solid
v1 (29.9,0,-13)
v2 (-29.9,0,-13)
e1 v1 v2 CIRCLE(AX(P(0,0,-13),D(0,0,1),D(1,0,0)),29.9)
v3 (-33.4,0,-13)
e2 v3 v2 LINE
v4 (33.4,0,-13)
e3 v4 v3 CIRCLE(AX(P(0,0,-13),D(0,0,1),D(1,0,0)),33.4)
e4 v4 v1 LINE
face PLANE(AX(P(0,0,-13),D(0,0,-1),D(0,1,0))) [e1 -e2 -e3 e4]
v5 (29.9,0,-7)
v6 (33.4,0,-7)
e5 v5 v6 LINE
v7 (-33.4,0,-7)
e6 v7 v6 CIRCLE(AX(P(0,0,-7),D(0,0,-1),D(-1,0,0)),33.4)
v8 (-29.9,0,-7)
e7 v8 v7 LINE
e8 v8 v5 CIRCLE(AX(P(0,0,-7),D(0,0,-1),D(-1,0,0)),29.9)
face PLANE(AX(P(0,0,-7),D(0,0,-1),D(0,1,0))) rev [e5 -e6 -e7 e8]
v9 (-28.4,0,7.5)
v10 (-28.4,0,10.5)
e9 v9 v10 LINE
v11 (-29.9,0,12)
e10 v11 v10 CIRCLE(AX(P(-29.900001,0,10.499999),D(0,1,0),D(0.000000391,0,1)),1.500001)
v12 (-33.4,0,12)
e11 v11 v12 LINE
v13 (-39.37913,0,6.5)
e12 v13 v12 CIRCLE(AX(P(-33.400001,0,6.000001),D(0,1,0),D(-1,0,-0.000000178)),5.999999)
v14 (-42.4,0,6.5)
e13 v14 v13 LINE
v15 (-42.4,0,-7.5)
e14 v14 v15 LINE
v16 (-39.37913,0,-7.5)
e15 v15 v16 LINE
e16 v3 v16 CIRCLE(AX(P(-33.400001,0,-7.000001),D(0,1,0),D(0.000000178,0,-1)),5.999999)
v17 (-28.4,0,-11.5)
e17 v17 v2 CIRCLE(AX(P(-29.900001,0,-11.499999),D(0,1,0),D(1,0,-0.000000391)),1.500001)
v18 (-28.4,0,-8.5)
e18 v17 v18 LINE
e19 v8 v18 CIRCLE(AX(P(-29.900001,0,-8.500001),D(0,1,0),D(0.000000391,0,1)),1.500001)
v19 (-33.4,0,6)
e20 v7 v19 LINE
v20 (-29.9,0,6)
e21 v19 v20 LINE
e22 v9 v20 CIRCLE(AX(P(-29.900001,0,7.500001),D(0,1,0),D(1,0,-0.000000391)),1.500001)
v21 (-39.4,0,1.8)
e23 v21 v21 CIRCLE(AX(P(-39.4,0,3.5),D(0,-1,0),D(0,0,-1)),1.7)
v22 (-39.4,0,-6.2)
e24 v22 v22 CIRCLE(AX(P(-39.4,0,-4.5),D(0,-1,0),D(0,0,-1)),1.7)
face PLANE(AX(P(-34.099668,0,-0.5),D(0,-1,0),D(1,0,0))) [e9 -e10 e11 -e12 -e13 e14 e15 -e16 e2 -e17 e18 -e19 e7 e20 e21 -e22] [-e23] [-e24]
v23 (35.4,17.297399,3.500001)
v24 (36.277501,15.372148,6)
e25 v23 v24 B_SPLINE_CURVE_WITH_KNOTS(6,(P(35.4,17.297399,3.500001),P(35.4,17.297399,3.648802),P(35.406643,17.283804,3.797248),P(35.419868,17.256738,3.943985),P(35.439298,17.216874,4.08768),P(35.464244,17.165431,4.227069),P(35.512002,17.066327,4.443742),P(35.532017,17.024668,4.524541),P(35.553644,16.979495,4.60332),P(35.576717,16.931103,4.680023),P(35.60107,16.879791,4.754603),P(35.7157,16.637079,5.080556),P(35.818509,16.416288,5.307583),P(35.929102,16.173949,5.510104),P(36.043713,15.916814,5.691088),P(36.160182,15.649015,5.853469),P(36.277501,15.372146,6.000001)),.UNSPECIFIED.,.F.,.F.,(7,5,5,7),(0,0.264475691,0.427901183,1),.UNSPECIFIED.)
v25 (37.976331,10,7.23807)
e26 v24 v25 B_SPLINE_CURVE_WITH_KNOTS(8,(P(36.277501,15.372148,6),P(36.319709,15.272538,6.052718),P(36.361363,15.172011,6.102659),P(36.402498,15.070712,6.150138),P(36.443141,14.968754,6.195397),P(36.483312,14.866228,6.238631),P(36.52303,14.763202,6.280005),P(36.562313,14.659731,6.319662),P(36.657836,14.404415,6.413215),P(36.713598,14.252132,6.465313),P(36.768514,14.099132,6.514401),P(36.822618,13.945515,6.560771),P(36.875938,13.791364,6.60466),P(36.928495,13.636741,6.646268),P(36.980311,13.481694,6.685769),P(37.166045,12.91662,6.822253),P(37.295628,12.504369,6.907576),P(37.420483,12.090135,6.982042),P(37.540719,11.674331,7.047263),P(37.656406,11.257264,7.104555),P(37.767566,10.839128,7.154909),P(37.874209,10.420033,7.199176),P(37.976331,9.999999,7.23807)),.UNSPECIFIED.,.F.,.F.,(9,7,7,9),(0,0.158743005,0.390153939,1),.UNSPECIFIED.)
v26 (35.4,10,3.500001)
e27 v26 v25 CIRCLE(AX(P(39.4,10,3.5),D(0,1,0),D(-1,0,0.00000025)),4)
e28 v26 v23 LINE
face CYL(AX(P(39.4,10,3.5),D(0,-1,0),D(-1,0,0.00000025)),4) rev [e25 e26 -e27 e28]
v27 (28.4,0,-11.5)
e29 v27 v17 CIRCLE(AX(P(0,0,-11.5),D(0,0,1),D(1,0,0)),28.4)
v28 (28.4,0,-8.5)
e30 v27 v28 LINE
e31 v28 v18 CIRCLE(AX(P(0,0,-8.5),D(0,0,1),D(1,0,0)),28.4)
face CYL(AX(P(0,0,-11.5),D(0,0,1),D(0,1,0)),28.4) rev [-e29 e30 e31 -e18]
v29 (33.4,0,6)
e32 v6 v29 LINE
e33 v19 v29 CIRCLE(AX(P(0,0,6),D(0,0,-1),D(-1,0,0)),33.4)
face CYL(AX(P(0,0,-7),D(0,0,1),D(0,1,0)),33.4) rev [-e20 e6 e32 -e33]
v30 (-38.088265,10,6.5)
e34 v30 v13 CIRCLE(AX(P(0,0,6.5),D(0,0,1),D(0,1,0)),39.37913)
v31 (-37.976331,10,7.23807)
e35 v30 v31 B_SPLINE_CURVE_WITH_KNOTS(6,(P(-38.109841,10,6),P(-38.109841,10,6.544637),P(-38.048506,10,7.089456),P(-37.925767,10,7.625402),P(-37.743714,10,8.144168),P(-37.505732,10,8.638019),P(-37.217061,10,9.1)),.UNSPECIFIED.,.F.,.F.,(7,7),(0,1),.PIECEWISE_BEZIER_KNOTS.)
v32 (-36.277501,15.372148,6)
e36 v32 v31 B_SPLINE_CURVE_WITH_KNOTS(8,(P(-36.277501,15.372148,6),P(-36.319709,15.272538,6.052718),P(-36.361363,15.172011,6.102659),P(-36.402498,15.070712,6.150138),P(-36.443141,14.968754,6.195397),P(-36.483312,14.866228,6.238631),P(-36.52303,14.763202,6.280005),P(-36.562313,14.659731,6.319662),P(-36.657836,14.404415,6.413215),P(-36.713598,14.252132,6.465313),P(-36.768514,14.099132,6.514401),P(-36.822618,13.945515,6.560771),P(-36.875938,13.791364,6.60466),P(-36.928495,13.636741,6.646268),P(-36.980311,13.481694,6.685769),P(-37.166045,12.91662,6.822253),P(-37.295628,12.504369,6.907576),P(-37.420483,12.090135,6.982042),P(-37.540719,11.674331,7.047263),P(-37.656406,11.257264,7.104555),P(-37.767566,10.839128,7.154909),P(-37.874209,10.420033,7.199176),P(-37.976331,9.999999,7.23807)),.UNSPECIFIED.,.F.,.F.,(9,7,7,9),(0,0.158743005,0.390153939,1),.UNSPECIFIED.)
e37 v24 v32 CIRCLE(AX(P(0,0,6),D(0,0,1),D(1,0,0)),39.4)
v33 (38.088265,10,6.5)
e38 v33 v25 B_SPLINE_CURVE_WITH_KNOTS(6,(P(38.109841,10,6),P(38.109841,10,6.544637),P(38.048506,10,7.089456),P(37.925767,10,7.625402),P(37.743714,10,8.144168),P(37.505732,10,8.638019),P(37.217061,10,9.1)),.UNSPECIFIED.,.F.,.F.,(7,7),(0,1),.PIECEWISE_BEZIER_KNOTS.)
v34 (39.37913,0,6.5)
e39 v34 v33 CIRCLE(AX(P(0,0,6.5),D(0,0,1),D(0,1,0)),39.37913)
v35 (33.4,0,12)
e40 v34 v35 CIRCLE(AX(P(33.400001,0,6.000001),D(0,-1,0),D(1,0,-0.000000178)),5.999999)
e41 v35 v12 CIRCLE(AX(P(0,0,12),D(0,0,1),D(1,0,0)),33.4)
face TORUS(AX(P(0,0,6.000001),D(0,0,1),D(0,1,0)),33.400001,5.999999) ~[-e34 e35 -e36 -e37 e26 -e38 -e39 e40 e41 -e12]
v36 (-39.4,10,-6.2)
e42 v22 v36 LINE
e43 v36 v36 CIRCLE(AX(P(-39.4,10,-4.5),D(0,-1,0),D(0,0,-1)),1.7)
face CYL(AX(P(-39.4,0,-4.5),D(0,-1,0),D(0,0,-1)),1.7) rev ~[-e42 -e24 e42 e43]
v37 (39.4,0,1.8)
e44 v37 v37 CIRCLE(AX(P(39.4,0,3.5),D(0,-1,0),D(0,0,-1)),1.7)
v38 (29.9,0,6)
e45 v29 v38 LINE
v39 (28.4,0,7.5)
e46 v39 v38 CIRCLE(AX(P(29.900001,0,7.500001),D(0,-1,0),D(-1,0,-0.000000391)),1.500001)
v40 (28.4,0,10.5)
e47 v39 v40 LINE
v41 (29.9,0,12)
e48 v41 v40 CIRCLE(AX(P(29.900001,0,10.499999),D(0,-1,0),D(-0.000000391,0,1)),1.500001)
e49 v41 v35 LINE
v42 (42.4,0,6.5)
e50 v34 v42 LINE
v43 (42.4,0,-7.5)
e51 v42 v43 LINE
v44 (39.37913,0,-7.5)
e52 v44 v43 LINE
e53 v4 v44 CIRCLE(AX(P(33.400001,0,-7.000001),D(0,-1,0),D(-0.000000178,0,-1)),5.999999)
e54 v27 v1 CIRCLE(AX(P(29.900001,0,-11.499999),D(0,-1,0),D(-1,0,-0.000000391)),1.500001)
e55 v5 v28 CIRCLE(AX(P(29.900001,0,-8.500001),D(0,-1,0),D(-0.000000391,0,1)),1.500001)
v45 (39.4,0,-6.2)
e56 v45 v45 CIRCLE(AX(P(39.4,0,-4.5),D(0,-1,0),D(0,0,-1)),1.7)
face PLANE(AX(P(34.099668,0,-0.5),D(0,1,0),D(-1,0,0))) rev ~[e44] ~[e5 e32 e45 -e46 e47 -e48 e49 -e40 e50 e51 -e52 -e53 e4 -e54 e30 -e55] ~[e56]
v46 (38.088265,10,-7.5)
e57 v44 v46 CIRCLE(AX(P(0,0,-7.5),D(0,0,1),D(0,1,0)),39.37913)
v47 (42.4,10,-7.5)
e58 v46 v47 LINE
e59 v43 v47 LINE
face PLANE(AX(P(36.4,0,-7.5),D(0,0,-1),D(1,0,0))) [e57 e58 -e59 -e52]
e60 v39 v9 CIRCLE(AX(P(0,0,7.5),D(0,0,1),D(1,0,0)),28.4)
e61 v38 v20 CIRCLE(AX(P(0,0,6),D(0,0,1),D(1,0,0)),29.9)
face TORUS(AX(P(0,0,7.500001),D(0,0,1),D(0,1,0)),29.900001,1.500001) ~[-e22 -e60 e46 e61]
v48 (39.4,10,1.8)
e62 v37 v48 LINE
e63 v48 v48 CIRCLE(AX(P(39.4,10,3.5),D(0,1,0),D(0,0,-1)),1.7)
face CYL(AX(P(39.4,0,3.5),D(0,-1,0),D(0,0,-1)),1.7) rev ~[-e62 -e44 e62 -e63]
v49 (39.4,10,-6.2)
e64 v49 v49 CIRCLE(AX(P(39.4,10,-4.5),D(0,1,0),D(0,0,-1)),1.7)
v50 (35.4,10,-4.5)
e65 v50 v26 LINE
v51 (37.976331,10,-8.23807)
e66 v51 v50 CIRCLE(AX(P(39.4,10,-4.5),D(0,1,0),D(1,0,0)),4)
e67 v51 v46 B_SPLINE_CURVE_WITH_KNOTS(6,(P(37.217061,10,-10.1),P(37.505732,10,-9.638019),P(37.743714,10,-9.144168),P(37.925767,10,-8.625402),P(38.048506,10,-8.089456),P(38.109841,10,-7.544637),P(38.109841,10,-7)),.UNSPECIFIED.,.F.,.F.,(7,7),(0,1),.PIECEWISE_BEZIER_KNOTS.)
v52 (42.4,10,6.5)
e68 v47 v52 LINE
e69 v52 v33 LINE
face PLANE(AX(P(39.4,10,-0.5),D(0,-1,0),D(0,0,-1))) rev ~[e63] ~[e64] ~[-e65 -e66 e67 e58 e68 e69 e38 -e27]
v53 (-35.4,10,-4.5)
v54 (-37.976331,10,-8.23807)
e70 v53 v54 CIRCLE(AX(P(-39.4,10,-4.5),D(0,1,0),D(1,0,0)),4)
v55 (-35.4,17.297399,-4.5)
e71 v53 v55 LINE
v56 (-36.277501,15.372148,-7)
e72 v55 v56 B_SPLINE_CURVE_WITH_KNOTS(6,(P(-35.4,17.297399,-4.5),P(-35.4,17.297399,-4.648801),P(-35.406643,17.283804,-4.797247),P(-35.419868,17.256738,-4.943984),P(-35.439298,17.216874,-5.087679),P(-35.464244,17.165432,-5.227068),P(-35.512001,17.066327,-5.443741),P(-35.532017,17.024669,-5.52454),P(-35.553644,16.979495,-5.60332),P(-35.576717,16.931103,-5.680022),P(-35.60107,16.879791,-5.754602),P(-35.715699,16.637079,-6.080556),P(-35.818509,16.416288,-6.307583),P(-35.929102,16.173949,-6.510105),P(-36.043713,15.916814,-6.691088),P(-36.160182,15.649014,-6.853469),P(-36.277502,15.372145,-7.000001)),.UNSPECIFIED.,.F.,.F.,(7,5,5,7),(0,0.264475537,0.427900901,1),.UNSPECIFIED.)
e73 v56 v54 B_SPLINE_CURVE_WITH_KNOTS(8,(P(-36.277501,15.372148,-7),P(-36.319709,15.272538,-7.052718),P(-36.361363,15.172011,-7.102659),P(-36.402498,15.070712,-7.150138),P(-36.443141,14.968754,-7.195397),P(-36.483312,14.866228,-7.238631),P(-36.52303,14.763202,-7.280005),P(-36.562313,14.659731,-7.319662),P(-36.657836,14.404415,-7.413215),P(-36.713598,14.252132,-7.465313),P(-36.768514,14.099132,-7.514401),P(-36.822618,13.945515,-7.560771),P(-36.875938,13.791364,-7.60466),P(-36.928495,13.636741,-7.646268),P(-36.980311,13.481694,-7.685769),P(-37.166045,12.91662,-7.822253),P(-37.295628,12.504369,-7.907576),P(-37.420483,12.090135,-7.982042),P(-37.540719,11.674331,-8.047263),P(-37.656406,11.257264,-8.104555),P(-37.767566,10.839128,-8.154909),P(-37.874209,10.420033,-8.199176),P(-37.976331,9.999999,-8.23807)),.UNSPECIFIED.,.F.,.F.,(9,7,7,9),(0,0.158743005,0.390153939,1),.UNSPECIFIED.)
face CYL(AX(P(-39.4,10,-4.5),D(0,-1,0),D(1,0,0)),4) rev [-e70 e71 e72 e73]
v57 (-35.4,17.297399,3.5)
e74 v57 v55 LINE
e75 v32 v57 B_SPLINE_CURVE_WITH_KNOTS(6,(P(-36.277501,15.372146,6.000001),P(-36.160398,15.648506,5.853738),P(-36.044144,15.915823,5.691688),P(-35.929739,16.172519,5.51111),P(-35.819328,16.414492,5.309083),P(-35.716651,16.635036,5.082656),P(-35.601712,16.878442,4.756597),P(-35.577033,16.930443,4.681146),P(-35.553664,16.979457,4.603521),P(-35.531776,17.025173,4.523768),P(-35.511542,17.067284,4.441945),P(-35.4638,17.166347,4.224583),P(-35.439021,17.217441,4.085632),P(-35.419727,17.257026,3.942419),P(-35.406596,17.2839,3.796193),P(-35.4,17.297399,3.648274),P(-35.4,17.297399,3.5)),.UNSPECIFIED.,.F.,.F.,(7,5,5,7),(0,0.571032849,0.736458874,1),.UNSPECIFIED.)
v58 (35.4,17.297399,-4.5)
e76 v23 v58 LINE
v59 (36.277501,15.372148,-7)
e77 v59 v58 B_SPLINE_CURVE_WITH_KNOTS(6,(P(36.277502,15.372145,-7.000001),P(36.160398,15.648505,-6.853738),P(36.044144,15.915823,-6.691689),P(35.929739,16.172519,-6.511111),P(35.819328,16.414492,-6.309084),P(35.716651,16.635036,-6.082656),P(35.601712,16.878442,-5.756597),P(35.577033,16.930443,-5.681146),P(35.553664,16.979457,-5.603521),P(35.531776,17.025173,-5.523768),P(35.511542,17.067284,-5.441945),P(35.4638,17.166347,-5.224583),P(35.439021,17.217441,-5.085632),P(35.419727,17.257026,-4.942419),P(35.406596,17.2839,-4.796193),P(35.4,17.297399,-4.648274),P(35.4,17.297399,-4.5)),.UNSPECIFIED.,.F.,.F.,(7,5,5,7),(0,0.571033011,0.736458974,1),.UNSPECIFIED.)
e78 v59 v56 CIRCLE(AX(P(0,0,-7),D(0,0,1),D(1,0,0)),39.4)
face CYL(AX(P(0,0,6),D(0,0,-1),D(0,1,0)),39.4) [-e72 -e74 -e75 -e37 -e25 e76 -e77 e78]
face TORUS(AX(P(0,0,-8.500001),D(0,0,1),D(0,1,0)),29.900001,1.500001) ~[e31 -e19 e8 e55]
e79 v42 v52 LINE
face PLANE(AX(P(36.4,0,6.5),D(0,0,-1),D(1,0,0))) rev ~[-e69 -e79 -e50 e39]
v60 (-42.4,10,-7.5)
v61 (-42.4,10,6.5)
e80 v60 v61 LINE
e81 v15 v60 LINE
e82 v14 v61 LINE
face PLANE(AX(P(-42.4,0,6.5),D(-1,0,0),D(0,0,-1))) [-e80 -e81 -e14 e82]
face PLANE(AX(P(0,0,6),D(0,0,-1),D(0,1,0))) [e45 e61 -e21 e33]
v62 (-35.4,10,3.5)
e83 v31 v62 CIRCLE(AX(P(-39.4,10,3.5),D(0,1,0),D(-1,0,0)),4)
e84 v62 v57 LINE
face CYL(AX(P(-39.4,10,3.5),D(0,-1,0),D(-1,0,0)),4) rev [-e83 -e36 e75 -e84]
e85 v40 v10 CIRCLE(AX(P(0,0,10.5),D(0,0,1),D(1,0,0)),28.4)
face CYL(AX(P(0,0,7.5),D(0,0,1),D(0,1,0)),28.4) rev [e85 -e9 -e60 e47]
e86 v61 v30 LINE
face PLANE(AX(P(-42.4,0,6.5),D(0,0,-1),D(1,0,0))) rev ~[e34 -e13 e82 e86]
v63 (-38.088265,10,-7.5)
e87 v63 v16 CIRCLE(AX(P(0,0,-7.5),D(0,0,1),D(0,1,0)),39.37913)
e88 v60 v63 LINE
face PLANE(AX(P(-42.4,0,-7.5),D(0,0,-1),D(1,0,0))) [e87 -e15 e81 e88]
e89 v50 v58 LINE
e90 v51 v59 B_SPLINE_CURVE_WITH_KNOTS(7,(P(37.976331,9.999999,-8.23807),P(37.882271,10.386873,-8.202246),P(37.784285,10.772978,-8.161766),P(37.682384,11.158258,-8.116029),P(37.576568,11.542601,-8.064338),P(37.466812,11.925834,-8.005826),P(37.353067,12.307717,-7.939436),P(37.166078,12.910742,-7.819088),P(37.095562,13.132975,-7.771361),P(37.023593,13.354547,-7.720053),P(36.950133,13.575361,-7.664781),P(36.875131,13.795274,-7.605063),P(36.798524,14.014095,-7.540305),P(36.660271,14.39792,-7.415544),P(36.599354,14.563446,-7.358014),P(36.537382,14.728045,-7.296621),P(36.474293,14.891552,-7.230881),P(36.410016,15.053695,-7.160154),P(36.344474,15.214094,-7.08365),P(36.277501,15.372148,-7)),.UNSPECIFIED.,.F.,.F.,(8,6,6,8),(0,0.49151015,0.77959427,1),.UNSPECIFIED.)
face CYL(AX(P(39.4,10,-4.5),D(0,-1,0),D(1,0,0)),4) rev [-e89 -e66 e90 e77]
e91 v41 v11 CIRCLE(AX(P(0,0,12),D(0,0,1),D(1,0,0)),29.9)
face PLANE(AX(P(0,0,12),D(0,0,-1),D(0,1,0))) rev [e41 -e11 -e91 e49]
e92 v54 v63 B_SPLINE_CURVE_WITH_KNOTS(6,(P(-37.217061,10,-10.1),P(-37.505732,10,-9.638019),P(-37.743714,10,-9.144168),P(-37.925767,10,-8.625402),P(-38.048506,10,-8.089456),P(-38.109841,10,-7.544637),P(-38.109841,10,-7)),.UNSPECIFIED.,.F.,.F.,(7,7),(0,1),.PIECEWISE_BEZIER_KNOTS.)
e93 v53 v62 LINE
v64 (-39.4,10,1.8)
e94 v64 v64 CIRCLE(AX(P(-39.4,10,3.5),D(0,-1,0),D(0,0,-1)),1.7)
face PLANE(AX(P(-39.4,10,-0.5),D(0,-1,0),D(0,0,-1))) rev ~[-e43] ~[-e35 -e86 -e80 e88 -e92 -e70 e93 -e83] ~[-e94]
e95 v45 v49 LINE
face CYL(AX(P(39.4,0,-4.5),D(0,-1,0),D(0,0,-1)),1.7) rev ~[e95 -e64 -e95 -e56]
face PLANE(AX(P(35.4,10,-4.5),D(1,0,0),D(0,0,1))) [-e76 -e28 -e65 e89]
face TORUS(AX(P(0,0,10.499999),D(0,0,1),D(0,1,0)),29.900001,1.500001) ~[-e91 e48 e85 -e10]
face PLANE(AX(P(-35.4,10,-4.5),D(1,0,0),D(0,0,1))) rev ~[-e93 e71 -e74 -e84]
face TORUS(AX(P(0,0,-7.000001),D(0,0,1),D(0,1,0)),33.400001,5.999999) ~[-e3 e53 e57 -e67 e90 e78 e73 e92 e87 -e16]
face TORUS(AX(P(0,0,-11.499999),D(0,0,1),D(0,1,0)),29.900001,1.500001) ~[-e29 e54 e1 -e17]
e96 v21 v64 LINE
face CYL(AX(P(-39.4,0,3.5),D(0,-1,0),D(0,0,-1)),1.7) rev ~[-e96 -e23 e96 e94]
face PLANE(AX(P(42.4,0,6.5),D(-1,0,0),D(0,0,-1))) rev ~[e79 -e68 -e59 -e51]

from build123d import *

# Parameters (mm, degrees)
REVOLUTION001_ANGLE = 180
SKETCH035_W         = 14
SKETCH035_H         = 6
PAD015_DEPTH        = 10
SKETCH034_R         = 1.7
POCKET_DEPTH        = 39.401
POCKET001_DEPTH     = 29.401


with BuildPart() as part:
    # Sketch033 → Revolution001 (revolve, symmetric)
    with BuildSketch(Plane.YZ) as revolution001_sk:
        with BuildLine():
            Line((33.4, 0), (33.4, 6.5))
            Line((33.4, 6.5), (29.9, 6.5))
            ThreePointArc((28.4, 8), (28.83934, 6.93934), (29.9, 6.5))
            Line((28.4, 8), (28.4, 11))
            ThreePointArc((29.9, 12.5), (28.83934, 12.06066), (28.4, 11))
            Line((29.9, 12.5), (33.4, 12.5))
            ThreePointArc((39.4, 6.5), (37.642641, 10.742641), (33.4, 12.5))
            Line((39.4, 6.5), (39.4, 0))
            Line((39.4, 0), (39.4, -6.5))
            ThreePointArc((33.4, -12.5), (37.642641, -10.742641), (39.4, -6.5))
            Line((33.4, -12.5), (29.9, -12.5))
            ThreePointArc((28.4, -11), (28.83934, -12.06066), (29.9, -12.5))
            Line((28.4, -11), (28.4, -8))
            ThreePointArc((29.9, -6.5), (28.83934, -6.93934), (28.4, -8))
            Line((29.9, -6.5), (33.4, -6.5))
            Line((33.4, -6.5), (33.4, 0))
        make_face()
    revolve(axis=Axis((0, 0, 0), (0, 0, 1)), revolution_arc=REVOLUTION001_ANGLE / 2)
    revolve(revolution001_sk.sketch, axis=Axis((0, 0, 0), (0, 0, -1)), revolution_arc=REVOLUTION001_ANGLE / 2)

    # Sketch035 (on Face18 of Revolution001) → Pad015 (new body)
    with BuildSketch(Plane(origin=(0, 0, 0), x_dir=(0, 0, -1), z_dir=(0, -1, 0))):
        with Locations((0, 39.4)):
            Rectangle(SKETCH035_W, SKETCH035_H)
        with Locations((0, -39.4)):
            Rectangle(SKETCH035_W, SKETCH035_H)
    extrude(amount=-PAD015_DEPTH)

    # Sketch034 (on Face18 of Revolution001) → Pocket (cut, through all)
    with BuildSketch(Plane(origin=(0, 0, 0), x_dir=(0, 0, -1), z_dir=(0, -1, 0))):
        with Locations((4, 39.4)):
            Circle(SKETCH034_R)
        with Locations((-4, 39.4)):
            Circle(SKETCH034_R)
        with Locations((-4, -39.4)):
            Circle(SKETCH034_R)
        with Locations((4, -39.4)):
            Circle(SKETCH034_R)
    extrude(amount=-POCKET_DEPTH, mode=Mode.SUBTRACT)

    # Sketch037 (on Face22 of Pocket) → Pocket001 (cut, through all)
    with BuildSketch(Plane.ZX.offset(10)):
        with BuildLine():
            Line((-4, 43.4), (4.000001, 43.4))
            ThreePointArc((4.000001, 35.4), (8, 39.4), (4.000001, 43.4))
            Line((-4, 35.4), (4.000001, 35.4))
            ThreePointArc((-4, 43.4), (-8, 39.4), (-4, 35.4))
        make_face()
        with BuildLine():
            Line((-4, -35.4), (4, -35.4))
            ThreePointArc((4, -43.4), (8, -39.4), (4, -35.4))
            Line((-4, -43.4), (4, -43.4))
            ThreePointArc((-4, -35.4), (-8, -39.4), (-4, -43.4))
        make_face()
    extrude(amount=POCKET001_DEPTH, mode=Mode.SUBTRACT)


with BuildPart() as part_1:
    # Body008 placement: moved
    add(part.part.moved(Location((0, 0, -0.5))))


solid = part_1.part
